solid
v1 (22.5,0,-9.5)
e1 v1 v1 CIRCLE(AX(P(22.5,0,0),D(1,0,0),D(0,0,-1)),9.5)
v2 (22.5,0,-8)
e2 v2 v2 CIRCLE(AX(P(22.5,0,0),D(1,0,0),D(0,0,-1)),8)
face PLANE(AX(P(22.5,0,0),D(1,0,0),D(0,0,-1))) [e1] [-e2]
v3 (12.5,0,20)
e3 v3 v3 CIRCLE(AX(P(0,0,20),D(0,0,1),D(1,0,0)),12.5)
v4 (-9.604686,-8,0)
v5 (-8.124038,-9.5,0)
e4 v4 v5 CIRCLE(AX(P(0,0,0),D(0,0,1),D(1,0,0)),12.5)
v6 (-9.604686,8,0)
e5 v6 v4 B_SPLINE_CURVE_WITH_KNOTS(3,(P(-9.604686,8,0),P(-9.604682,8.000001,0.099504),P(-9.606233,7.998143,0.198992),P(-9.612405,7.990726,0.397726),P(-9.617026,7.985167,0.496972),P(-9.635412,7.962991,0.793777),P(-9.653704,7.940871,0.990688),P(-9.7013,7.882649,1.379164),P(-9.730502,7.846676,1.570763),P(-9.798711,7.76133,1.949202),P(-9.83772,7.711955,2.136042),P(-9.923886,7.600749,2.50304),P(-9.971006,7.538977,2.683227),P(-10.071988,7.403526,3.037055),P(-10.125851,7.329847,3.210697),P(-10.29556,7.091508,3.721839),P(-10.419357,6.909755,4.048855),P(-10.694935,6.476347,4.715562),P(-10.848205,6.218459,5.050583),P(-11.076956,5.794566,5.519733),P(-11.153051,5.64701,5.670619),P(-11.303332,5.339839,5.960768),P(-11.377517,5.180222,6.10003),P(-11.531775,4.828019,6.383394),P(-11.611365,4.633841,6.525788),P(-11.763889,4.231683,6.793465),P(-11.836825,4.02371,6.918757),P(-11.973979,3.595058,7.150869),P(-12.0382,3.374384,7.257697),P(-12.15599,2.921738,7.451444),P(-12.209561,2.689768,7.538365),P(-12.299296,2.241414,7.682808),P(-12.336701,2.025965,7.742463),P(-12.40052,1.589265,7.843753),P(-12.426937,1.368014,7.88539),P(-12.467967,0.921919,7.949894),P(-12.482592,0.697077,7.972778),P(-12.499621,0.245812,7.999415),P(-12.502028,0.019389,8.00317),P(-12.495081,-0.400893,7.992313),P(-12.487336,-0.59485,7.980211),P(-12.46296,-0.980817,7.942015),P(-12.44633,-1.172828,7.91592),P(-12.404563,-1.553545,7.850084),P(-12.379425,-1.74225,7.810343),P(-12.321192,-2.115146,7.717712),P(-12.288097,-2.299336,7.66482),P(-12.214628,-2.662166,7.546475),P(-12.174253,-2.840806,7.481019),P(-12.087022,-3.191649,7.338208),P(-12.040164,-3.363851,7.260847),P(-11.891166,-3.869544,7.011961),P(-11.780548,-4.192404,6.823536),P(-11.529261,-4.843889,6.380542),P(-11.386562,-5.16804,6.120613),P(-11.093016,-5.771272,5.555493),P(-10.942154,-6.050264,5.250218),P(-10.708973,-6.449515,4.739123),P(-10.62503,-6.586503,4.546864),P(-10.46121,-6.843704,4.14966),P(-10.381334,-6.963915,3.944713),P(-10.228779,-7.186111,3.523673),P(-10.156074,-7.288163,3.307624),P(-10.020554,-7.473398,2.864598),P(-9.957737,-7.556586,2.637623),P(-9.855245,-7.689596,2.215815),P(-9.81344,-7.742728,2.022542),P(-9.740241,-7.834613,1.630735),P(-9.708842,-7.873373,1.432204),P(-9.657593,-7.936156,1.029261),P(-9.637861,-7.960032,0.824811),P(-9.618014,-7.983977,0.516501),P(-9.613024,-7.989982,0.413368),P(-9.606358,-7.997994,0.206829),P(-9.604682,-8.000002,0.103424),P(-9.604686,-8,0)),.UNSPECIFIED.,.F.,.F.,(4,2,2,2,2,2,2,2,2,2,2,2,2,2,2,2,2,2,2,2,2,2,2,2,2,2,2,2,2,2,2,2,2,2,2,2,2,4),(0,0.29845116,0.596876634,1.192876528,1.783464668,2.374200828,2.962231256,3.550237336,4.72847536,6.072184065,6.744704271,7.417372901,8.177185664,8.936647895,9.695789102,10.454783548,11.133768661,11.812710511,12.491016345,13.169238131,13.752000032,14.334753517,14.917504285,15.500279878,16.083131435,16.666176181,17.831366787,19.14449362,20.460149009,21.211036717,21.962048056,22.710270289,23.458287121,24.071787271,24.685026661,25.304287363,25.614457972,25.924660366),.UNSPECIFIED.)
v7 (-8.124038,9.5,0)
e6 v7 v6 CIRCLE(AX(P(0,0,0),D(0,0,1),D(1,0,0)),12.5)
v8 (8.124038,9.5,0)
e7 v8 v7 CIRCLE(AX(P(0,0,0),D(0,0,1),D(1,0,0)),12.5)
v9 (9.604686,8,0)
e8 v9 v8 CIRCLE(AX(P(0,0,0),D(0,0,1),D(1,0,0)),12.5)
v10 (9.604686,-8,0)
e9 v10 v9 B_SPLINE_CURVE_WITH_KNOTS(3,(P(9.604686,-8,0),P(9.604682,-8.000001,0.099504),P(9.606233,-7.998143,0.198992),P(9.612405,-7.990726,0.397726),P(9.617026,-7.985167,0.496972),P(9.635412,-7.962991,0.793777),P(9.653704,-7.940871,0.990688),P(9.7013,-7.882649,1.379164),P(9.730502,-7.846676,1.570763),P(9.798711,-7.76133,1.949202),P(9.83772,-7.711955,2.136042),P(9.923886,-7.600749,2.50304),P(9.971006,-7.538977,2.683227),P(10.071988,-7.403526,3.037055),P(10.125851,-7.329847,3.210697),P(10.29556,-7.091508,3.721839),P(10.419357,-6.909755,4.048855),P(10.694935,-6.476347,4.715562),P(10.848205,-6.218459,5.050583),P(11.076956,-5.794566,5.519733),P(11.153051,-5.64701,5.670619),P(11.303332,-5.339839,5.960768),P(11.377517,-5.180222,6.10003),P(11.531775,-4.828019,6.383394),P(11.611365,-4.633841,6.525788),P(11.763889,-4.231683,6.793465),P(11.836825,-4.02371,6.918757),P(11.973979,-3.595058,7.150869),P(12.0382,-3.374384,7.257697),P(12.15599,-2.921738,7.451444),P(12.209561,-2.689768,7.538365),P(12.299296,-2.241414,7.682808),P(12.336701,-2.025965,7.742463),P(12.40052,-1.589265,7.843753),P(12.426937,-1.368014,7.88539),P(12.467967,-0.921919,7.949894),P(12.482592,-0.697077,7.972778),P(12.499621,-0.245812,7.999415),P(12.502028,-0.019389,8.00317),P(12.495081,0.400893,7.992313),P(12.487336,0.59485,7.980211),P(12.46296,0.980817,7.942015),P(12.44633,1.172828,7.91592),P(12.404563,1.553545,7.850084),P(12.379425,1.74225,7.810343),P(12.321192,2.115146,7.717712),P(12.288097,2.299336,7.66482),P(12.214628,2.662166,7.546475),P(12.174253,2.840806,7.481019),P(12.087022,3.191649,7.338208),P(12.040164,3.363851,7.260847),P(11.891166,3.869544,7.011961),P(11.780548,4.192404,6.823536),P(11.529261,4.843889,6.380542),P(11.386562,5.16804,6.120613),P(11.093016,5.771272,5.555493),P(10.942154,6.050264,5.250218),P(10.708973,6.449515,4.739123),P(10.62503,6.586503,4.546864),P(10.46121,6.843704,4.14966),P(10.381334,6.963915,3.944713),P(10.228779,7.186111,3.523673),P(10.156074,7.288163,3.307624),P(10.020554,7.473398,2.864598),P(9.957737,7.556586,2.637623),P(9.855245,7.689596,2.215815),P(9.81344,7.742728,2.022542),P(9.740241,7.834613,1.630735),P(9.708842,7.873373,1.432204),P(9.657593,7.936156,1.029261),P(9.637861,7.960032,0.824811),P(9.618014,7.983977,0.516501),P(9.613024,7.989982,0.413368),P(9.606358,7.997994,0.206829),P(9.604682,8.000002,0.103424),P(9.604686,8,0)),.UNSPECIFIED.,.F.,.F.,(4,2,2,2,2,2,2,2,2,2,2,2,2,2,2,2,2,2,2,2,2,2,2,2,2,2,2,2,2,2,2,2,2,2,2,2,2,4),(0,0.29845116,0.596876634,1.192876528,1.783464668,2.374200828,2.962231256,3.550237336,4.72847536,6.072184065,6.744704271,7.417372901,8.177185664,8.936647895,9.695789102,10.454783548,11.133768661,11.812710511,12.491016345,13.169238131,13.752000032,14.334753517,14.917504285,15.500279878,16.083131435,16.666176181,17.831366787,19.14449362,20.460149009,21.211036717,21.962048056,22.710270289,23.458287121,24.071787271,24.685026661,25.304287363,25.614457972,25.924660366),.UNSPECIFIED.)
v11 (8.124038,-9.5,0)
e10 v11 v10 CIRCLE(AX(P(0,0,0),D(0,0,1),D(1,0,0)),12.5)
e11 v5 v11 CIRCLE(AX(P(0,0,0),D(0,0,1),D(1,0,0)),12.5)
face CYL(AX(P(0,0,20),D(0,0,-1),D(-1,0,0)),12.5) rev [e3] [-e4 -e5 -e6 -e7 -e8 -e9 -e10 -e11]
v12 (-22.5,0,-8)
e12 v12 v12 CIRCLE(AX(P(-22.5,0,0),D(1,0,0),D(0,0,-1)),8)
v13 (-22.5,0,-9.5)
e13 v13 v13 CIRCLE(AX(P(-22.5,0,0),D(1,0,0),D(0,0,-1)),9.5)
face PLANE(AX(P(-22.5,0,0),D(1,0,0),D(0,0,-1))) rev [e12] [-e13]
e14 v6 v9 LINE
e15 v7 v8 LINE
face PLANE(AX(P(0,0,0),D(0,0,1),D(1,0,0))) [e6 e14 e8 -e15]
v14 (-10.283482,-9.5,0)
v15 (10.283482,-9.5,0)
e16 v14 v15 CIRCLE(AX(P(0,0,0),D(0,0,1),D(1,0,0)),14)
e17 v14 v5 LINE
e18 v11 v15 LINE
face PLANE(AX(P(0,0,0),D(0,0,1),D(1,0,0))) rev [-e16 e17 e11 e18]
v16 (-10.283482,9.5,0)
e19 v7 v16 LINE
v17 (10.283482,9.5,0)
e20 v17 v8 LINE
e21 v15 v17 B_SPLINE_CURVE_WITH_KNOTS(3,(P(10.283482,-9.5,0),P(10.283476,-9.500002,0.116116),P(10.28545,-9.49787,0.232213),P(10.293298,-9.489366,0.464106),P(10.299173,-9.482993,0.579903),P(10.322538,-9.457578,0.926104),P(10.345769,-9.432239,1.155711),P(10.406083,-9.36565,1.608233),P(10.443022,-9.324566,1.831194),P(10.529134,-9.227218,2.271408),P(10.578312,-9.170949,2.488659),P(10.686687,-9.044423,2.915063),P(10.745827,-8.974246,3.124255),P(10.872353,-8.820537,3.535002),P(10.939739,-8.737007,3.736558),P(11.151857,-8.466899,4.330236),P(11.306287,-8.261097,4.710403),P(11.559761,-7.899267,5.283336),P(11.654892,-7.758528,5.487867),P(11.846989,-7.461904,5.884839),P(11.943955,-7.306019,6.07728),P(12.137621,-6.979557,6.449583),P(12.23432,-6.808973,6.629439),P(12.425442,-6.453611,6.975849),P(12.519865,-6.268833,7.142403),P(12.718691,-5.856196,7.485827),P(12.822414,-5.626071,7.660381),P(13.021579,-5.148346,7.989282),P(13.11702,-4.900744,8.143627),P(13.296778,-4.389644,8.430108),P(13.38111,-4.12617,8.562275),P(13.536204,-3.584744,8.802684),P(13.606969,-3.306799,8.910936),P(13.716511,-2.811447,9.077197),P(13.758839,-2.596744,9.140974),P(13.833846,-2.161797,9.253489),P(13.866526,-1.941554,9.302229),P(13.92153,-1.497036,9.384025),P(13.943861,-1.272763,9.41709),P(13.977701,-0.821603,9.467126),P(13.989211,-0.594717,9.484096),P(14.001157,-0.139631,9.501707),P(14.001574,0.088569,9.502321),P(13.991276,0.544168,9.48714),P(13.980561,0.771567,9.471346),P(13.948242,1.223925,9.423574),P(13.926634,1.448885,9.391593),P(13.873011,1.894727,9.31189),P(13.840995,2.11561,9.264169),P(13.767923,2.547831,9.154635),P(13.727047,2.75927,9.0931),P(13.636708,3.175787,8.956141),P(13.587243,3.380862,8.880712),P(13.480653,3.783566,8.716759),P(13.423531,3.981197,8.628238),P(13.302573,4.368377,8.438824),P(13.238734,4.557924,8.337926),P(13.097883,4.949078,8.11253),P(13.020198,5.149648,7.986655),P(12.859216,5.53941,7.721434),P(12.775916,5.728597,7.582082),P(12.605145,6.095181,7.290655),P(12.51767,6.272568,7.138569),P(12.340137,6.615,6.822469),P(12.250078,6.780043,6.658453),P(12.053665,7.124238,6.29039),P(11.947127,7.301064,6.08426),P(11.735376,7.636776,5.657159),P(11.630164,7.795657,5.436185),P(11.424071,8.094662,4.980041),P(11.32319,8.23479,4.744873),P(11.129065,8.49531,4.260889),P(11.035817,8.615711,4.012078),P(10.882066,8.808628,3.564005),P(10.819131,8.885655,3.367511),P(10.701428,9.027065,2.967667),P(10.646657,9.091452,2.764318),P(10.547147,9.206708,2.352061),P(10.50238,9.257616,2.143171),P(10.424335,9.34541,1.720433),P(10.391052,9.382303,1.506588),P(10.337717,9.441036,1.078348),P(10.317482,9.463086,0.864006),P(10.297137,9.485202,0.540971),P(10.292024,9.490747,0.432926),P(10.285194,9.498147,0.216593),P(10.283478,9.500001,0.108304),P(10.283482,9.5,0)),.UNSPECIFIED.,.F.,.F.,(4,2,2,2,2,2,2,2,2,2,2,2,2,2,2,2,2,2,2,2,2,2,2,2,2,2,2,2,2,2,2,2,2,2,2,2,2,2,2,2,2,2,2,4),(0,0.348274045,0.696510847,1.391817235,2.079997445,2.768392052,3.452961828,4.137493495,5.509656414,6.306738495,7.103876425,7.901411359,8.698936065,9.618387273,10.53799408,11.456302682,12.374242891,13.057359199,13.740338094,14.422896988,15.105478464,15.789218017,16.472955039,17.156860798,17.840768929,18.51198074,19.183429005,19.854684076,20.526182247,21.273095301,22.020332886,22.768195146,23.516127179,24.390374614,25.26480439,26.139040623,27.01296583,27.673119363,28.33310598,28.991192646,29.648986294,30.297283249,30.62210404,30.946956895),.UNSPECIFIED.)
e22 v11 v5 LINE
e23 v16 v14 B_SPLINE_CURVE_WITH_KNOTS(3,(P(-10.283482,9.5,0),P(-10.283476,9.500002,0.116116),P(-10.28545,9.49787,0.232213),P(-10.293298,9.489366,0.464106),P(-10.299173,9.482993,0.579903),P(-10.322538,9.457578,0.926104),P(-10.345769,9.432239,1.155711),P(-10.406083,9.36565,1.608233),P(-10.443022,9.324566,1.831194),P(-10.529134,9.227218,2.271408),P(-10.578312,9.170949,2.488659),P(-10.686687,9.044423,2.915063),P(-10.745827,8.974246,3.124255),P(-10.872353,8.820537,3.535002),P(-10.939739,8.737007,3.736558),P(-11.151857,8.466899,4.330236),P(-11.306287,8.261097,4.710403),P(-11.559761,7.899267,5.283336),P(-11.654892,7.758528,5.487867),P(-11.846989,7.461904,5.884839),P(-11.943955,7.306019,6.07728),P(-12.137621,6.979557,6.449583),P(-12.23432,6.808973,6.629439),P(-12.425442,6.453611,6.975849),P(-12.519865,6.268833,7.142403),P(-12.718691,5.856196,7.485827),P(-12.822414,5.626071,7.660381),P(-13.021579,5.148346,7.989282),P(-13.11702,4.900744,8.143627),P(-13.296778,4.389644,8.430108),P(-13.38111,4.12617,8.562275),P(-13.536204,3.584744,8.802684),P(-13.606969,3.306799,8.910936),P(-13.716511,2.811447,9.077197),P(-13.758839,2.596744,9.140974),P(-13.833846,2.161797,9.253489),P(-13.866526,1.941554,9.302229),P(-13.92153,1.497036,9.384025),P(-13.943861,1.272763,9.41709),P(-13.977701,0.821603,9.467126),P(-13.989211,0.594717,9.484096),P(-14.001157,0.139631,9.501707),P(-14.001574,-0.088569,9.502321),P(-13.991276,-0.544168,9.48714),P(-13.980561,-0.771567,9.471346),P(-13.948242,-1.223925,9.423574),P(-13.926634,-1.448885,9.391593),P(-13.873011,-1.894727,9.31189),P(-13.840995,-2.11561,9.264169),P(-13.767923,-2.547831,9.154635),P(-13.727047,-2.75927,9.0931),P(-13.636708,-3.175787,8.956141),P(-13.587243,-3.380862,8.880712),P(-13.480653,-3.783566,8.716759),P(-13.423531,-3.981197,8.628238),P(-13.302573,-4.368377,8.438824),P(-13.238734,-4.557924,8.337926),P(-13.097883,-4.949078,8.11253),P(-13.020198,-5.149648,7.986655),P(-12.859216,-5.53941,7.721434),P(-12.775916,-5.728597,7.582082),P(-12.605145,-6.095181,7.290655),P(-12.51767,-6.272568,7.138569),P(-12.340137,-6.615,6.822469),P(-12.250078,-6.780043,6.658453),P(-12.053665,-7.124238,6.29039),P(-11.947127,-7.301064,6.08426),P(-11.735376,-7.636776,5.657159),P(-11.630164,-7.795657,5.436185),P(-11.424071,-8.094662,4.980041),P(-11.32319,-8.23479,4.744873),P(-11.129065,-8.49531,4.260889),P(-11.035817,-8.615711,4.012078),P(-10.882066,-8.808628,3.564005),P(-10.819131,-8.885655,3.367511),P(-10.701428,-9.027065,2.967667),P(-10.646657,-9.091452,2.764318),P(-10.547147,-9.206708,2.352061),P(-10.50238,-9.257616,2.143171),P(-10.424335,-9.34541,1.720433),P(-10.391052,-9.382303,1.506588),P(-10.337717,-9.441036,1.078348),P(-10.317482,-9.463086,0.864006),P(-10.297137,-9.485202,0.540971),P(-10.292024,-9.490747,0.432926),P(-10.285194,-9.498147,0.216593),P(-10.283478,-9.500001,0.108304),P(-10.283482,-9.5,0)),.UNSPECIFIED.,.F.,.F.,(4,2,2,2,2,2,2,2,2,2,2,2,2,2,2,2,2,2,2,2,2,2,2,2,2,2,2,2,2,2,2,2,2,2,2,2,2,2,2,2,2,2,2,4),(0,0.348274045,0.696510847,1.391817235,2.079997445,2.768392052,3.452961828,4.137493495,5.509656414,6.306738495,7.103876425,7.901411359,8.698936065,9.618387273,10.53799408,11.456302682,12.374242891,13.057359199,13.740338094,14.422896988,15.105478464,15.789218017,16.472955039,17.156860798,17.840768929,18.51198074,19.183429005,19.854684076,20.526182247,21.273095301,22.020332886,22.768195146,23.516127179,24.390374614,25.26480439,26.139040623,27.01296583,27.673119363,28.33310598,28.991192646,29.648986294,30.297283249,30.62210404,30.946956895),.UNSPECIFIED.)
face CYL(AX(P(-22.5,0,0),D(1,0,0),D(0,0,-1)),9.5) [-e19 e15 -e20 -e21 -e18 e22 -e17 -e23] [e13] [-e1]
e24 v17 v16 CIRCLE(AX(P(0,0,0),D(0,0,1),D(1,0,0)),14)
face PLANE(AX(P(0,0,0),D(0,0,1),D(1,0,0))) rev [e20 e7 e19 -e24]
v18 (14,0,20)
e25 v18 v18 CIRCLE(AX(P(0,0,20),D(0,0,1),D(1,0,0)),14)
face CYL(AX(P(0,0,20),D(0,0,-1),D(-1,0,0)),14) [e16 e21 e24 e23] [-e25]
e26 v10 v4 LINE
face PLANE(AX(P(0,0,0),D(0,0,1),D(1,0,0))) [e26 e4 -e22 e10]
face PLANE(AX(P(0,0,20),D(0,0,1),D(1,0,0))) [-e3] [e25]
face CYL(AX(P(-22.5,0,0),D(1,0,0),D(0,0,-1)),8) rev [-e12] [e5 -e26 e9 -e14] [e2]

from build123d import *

# Parameters (mm, degrees)
SKETCH_1_R               = 14
SKETCH_1_R_2             = 12.5
EXTRUDE_1_DEPTH          = 20
EXTRUDE_2_DEPTH          = 22.5
EXTRUDE_2_DEPTH_BACK     = 22.5
SKETCH_2_R               = 9.5
SKETCH_2_R_2             = 8
CUT_EXTRUDE_1_DEPTH      = 40.654760284
CUT_EXTRUDE_1_DEPTH_BACK = 20
SKETCH_3_R               = 12.5
CUT_EXTRUDE_2_DEPTH      = 52.195703099
CUT_EXTRUDE_2_DEPTH_BACK = 52.195703099
SKETCH_4_R               = 8


with BuildPart() as part:
    # 草图1 → 凸台-拉伸1 (new body)
    with BuildSketch(Plane.XY):
        Circle(SKETCH_1_R)
        Circle(SKETCH_1_R_2, mode=Mode.SUBTRACT)
    extrude(amount=EXTRUDE_1_DEPTH)

    # 草图2 → 凸台-拉伸2 (add, two sides: drawn at the far end of the back side and taken through both)
    with BuildSketch(Plane(origin=(0, 0, 0), x_dir=(0, 0, -1), z_dir=(1, 0, 0)).offset(-EXTRUDE_2_DEPTH_BACK)):
        Circle(SKETCH_2_R)
        Circle(SKETCH_2_R_2, mode=Mode.SUBTRACT)
    extrude(amount=EXTRUDE_2_DEPTH + EXTRUDE_2_DEPTH_BACK)

    # 草图3 → 切除-拉伸1 (cut, two sides: drawn at the far end of the back side and taken through both)
    with BuildSketch(Plane.XY.offset(20).offset(-CUT_EXTRUDE_1_DEPTH_BACK)):
        Circle(SKETCH_3_R)
    extrude(amount=CUT_EXTRUDE_1_DEPTH + CUT_EXTRUDE_1_DEPTH_BACK, mode=Mode.SUBTRACT)

    # 草图4 → 切除-拉伸2 (cut, two sides: drawn at the far end of the back side and taken through both)
    with BuildSketch(Plane(origin=(22.5, 0, 0), x_dir=(0, 0, -1), z_dir=(1, 0, 0)).offset(-CUT_EXTRUDE_2_DEPTH_BACK)):
        Circle(SKETCH_4_R)
    extrude(amount=CUT_EXTRUDE_2_DEPTH + CUT_EXTRUDE_2_DEPTH_BACK, mode=Mode.SUBTRACT)


solid = part.part
